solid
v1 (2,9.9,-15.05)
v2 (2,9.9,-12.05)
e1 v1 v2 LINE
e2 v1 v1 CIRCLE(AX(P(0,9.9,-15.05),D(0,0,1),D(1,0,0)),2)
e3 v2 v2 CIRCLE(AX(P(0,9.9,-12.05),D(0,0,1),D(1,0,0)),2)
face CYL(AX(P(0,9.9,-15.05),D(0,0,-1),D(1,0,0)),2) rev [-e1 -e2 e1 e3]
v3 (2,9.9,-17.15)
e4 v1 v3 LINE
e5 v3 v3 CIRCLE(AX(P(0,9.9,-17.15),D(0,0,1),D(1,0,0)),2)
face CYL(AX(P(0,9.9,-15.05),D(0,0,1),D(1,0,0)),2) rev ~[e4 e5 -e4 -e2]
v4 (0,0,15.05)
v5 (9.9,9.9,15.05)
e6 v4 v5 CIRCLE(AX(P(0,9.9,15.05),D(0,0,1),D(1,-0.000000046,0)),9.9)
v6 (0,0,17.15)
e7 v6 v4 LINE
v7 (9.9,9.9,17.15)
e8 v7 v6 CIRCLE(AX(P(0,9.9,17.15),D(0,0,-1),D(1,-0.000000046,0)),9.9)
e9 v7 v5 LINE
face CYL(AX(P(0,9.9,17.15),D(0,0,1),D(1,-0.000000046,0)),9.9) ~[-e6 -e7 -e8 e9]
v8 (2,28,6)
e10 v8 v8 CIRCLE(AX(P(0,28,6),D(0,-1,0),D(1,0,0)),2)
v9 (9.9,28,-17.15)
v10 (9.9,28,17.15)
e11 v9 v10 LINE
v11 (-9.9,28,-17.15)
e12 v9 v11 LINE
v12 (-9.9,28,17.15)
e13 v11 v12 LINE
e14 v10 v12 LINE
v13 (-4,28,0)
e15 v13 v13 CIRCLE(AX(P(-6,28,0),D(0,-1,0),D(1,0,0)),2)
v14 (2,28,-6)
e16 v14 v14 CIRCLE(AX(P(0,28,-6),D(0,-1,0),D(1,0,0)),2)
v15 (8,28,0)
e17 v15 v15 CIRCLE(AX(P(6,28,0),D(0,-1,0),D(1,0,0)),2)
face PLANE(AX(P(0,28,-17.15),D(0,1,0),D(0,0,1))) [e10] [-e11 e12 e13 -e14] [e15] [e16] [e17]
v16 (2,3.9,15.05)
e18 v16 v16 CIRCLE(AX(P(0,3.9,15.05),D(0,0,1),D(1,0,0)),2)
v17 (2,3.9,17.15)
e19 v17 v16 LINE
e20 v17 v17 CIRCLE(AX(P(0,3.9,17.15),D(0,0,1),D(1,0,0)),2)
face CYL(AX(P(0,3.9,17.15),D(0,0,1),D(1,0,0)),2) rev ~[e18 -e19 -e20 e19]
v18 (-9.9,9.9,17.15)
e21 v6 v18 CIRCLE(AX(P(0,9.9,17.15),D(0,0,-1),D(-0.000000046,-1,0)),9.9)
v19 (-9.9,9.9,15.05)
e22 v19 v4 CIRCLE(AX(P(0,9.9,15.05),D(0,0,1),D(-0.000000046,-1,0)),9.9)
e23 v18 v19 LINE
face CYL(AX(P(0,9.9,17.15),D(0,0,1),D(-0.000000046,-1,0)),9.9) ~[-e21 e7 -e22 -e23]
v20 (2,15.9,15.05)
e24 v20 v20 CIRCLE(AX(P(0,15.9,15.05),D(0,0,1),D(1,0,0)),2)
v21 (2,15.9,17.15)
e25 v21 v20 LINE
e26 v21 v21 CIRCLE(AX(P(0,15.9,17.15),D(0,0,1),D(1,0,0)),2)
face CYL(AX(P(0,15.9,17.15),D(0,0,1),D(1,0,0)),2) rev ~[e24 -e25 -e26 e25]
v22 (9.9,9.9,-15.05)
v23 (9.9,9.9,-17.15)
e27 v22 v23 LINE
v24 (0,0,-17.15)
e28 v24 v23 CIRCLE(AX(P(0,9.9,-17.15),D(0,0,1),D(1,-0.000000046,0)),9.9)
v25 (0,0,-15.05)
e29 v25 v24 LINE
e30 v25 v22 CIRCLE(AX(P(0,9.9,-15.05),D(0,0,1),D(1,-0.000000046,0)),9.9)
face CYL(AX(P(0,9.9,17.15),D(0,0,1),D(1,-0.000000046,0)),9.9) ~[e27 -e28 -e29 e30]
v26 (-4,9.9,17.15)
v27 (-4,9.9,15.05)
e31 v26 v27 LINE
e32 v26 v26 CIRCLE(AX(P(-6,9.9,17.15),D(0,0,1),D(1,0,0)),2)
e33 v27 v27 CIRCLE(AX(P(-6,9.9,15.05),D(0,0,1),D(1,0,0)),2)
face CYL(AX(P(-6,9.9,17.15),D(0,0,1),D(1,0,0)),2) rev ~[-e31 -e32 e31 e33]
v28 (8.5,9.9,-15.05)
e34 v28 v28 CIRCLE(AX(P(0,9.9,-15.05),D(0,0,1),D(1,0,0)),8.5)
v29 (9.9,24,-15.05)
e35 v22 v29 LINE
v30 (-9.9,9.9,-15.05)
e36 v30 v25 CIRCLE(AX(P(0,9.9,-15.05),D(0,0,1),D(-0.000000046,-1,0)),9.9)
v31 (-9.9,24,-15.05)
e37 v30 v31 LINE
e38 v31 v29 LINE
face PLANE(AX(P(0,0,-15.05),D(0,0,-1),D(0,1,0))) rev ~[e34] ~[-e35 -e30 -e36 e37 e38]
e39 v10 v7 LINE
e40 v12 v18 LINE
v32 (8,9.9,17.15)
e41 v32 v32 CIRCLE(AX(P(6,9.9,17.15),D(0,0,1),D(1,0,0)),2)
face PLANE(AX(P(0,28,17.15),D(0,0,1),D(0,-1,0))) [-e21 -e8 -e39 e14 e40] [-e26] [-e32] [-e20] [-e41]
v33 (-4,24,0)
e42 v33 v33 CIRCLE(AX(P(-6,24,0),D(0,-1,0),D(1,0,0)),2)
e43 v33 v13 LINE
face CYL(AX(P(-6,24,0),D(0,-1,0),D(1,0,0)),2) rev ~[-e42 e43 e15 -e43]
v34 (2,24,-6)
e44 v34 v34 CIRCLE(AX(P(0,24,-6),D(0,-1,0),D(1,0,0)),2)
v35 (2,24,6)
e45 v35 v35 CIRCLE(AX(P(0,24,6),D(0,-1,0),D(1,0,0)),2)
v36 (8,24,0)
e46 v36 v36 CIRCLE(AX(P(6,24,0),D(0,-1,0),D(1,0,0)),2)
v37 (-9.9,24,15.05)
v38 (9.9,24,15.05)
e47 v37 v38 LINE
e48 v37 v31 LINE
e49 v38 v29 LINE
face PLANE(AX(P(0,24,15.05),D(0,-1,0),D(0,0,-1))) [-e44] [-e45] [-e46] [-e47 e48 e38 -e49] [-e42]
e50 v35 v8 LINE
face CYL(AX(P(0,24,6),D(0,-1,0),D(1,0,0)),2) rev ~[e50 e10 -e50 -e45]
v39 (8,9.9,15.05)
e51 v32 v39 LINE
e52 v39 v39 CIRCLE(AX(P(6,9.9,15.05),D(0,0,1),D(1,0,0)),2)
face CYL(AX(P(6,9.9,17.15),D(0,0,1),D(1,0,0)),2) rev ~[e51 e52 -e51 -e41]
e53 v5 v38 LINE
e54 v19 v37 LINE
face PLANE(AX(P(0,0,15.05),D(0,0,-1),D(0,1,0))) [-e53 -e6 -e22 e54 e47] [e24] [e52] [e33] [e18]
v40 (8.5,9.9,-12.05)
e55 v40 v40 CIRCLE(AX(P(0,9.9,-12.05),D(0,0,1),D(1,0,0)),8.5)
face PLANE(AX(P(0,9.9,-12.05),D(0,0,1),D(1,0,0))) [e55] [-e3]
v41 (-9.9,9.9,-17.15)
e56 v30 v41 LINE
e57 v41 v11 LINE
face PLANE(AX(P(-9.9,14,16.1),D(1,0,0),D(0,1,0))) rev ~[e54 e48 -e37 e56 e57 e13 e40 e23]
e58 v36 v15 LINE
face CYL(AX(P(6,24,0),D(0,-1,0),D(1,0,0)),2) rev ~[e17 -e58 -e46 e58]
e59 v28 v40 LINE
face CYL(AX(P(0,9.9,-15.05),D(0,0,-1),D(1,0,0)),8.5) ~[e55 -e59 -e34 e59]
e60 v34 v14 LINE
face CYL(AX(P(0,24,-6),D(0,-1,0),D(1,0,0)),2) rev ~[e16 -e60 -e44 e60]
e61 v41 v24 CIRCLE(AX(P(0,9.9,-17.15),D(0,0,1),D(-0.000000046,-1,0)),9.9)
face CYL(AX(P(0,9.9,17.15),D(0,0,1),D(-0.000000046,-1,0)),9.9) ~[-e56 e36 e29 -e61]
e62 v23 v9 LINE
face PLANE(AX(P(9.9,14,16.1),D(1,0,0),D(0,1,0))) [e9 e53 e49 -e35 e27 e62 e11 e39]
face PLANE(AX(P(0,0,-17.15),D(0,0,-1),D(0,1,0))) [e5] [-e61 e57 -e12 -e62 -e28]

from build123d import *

# Parameters (mm, degrees)
F0_W     = 4
F0_H     = 30.1
F0_H_2   = 2.1
F0_W_2   = 24
F1_DEPTH = 9.9
F3_DEPTH = 34.301
F2_R     = 2
F4_DEPTH = 2.1
F5_R     = 8.5
F5_R_2   = 2
F6_DEPTH = 3
F7_DEPTH = 2.101
F8_R     = 2
F9_DEPTH = 4.001


with BuildPart() as f1:
    # F0 (on Right) → F1 (new body, symmetric)
    with BuildSketch(Plane.YZ):
        Polygon((28, 17.15), (0, 17.15), (0, 15.05), (24, 15.05), (28, 15.05), align=None)
        with Locations((26, 0)):
            Rectangle(F0_W, F0_H)
        with Locations((26, -16.1)):
            Rectangle(F0_W, F0_H_2)
        with Locations((12, -16.1)):
            Rectangle(F0_W_2, F0_H_2)
    extrude(amount=F1_DEPTH, both=True)

    # F2 (on face) → F3 (cut, through all)
    with BuildSketch(Plane.XY.offset(17.15)):
        Polygon((-9.9, 0), (-9.9, 9.9), (-14.9, 9.9), (-14.9, -5), (14.9, -5), (14.9, 9.9), (9.9, 9.9), (9.9, 0), (0, 0), align=None)
        with BuildLine():
            ThreePointArc((0, 0), (-7.000357, 2.899643), (-9.9, 9.9))
            Line((-9.9, 9.9), (-9.9, 0))
            Line((-9.9, 0), (0, 0))
        make_face()
        with BuildLine():
            ThreePointArc((9.9, 9.9), (7.000357, 2.899643), (0, 0))
            Line((0, 0), (9.9, 0))
            Line((9.9, 0), (9.9, 9.9))
        make_face()
    extrude(amount=-F3_DEPTH, mode=Mode.SUBTRACT)

    # F2 (on face) → F4 (cut, through all)
    with BuildSketch(Plane.XY.offset(17.15)):
        with Locations((-6, 9.9)):
            Circle(F2_R)
        with Locations((0, 15.9)):
            Circle(F2_R)
        with Locations((6, 9.9)):
            Circle(F2_R)
        with Locations((0, 3.9)):
            Circle(F2_R)
    extrude(amount=-F4_DEPTH, mode=Mode.SUBTRACT)

    # F5 (on face) → F6 (join)
    with BuildSketch(Plane.XY.offset(-15.05)):
        with Locations((0, 9.9)):
            Circle(F5_R)
        with Locations((0, 9.9)):
            Circle(F5_R_2, mode=Mode.SUBTRACT)
    extrude(amount=F6_DEPTH)

    # F5 (on face) → F7 (cut, through all)
    with BuildSketch(Plane.XY.offset(-15.05)):
        with Locations((0, 9.9)):
            Circle(F5_R_2)
    extrude(amount=-F7_DEPTH, mode=Mode.SUBTRACT)

    # F8 (on face) → F9 (cut, through all)
    with BuildSketch(Plane.XZ.offset(-24)):
        with Locations((0, 6)):
            Circle(F8_R)
        with Locations((6, 0)):
            Circle(F8_R)
        with Locations((0, -6)):
            Circle(F8_R)
        with Locations((-6, 0)):
            Circle(F8_R)
    extrude(amount=-F9_DEPTH, mode=Mode.SUBTRACT)


solid = f1.part
